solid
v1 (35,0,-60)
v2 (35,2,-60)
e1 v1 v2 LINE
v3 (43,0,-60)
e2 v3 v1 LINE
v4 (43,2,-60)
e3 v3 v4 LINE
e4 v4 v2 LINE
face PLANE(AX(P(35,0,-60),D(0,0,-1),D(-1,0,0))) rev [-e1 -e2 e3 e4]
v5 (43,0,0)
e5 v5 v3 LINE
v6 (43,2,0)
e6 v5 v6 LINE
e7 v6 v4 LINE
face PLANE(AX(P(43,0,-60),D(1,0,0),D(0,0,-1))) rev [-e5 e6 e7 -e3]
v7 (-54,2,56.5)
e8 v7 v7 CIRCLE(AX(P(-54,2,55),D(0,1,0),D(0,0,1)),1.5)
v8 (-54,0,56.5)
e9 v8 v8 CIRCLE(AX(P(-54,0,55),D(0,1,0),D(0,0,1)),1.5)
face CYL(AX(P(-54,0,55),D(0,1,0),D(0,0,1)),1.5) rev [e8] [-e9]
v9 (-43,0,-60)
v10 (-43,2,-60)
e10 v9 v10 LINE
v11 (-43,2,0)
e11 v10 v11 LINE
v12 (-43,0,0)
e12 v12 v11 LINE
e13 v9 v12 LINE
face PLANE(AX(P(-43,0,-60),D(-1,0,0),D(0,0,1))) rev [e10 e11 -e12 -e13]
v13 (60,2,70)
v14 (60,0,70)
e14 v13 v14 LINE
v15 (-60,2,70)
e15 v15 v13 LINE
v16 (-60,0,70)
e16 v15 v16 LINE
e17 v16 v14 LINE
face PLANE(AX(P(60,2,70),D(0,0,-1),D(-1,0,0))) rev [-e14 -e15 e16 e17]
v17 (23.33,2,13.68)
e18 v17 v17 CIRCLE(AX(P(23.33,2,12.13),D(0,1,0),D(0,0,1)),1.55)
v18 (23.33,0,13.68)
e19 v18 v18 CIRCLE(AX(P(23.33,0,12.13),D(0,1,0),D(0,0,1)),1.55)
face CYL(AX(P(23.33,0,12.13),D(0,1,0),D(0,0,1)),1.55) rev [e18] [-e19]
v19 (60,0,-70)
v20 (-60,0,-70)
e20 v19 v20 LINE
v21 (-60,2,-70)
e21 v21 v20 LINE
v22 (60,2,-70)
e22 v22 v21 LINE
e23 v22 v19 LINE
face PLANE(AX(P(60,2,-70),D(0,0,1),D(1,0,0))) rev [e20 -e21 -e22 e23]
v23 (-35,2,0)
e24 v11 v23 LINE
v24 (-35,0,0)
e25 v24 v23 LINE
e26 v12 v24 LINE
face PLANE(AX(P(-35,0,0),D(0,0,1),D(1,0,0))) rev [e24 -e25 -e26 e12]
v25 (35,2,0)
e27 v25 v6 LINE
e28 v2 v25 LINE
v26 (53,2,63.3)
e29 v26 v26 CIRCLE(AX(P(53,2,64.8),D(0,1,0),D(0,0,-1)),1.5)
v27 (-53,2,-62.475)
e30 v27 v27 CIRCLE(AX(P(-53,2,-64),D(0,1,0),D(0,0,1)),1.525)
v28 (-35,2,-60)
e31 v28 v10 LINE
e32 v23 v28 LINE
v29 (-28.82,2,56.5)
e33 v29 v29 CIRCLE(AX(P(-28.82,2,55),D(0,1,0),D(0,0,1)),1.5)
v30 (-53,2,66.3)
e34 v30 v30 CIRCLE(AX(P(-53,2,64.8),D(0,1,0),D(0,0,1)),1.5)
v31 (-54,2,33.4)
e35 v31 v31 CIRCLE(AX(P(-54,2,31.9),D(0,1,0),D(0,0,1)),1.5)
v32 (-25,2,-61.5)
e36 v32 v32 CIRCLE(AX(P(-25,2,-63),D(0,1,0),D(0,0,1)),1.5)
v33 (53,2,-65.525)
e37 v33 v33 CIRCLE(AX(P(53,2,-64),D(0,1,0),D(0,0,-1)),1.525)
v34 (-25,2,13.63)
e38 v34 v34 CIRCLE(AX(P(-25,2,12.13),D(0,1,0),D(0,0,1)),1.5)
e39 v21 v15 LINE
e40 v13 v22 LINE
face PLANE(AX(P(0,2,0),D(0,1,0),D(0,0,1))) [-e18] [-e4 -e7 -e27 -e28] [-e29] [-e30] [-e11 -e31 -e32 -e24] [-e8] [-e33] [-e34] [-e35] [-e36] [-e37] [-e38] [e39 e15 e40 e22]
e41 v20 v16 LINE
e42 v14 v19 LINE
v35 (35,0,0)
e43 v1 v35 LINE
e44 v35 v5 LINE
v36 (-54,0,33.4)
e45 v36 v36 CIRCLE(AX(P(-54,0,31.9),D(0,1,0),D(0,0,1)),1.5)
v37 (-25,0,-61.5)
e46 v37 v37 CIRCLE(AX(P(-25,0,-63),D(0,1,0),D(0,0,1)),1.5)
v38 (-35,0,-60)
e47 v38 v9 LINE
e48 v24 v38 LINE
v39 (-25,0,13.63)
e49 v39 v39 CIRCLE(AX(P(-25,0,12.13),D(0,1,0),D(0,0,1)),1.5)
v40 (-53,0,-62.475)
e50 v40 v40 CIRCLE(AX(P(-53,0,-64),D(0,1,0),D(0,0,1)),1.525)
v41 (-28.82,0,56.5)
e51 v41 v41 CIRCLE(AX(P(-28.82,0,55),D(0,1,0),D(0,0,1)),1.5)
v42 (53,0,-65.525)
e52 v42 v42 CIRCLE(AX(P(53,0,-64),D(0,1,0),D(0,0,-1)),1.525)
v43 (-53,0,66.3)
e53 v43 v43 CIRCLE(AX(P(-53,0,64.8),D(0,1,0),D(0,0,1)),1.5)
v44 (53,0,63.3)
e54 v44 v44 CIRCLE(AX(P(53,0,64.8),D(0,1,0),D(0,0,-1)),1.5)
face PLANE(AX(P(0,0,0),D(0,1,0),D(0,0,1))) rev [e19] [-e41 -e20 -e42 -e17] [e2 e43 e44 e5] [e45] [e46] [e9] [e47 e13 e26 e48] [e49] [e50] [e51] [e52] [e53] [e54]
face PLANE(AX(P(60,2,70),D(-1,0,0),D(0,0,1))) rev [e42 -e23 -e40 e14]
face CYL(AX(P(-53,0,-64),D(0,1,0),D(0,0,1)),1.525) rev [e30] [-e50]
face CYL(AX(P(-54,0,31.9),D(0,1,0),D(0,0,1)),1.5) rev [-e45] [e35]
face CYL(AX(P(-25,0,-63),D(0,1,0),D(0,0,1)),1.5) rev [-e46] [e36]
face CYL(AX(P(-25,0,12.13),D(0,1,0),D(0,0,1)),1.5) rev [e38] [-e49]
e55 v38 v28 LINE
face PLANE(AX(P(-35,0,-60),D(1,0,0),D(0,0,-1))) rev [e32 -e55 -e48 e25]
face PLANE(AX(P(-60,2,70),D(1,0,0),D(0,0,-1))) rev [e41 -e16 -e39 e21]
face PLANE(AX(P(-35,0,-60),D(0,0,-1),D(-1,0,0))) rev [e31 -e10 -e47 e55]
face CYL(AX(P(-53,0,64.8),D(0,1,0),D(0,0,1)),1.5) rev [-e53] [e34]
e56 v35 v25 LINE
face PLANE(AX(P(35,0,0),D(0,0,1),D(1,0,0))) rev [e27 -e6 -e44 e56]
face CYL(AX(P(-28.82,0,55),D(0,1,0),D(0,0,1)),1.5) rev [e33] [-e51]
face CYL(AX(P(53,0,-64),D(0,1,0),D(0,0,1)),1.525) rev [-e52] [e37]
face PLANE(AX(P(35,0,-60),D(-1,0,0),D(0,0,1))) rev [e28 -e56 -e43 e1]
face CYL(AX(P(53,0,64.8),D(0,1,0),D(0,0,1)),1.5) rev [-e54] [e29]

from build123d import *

# Parameters (mm, degrees)
SKETCH1_W           = 120
SKETCH1_H           = 140
BOSS_EXTRUDE1_DEPTH = 2
SKETCH2_R           = 1.525
SKETCH2_R_2         = 1.5
CUT_EXTRUDE1_DEPTH  = 2
SKETCH4_R           = 1.5
SKETCH4_R_2         = 1.55
SKETCH4_W           = 8
SKETCH4_H           = 60
CUT_EXTRUDE2_DEPTH  = 93.217135067
SKETCH5_R           = 1.5
CUT_EXTRUDE3_DEPTH  = 93.217135067


with BuildPart() as part:
    # Sketch1 → Boss-Extrude1 (new body)
    with BuildSketch(Plane(origin=(0, 0, 0), x_dir=(1, 0, 0), z_dir=(0, 1, 0))):
        Rectangle(SKETCH1_W, SKETCH1_H)
    extrude(amount=BOSS_EXTRUDE1_DEPTH)

    # Sketch2 → Cut-Extrude1 (cut)
    with BuildSketch(Plane(origin=(0, 2, 0), x_dir=(1, 0, 0), z_dir=(0, 1, 0))):
        with Locations(Location((-53, 64, 0), (0, 0, 270))):
            Circle(SKETCH2_R)
        with Locations(Location((-53, -64.8, 0), (0, 0, 270))):
            Circle(SKETCH2_R_2)
        with Locations(Location((53, 64, 0), (0, 0, 90))):
            Circle(SKETCH2_R)
        with Locations(Location((53, -64.8, 0), (0, 0, 90))):
            Circle(SKETCH2_R_2)
    extrude(amount=-CUT_EXTRUDE1_DEPTH, mode=Mode.SUBTRACT)

    # Sketch4 → Cut-Extrude2 (cut, through all)
    with BuildSketch(Plane(origin=(0, 2, 0), x_dir=(1, 0, 0), z_dir=(0, 1, 0))):
        with Locations(Location((-25, 63, 0), (0, 0, 270))):
            Circle(SKETCH4_R)
        with Locations(Location((-25, -12.13, 0), (0, 0, 270))):
            Circle(SKETCH4_R)
        with Locations(Location((23.33, -12.13, 0), (0, 0, 270))):
            Circle(SKETCH4_R_2)
        with Locations((-39, 30)):
            Rectangle(SKETCH4_W, SKETCH4_H)
        with Locations((39, 30)):
            Rectangle(SKETCH4_W, SKETCH4_H)
    extrude(amount=-CUT_EXTRUDE2_DEPTH, mode=Mode.SUBTRACT)

    # Sketch5 → Cut-Extrude3 (cut, through all)
    with BuildSketch(Plane(origin=(0, 2, 0), x_dir=(1, 0, 0), z_dir=(0, 1, 0))):
        with Locations(Location((-54, -55, 0), (0, 0, 270))):
            Circle(SKETCH5_R)
        with Locations(Location((-28.82, -55, 0), (0, 0, 270))):
            Circle(SKETCH5_R)
        with Locations(Location((-54, -31.9, 0), (0, 0, 270))):
            Circle(SKETCH5_R)
    extrude(amount=-CUT_EXTRUDE3_DEPTH, mode=Mode.SUBTRACT)


solid = part.part
